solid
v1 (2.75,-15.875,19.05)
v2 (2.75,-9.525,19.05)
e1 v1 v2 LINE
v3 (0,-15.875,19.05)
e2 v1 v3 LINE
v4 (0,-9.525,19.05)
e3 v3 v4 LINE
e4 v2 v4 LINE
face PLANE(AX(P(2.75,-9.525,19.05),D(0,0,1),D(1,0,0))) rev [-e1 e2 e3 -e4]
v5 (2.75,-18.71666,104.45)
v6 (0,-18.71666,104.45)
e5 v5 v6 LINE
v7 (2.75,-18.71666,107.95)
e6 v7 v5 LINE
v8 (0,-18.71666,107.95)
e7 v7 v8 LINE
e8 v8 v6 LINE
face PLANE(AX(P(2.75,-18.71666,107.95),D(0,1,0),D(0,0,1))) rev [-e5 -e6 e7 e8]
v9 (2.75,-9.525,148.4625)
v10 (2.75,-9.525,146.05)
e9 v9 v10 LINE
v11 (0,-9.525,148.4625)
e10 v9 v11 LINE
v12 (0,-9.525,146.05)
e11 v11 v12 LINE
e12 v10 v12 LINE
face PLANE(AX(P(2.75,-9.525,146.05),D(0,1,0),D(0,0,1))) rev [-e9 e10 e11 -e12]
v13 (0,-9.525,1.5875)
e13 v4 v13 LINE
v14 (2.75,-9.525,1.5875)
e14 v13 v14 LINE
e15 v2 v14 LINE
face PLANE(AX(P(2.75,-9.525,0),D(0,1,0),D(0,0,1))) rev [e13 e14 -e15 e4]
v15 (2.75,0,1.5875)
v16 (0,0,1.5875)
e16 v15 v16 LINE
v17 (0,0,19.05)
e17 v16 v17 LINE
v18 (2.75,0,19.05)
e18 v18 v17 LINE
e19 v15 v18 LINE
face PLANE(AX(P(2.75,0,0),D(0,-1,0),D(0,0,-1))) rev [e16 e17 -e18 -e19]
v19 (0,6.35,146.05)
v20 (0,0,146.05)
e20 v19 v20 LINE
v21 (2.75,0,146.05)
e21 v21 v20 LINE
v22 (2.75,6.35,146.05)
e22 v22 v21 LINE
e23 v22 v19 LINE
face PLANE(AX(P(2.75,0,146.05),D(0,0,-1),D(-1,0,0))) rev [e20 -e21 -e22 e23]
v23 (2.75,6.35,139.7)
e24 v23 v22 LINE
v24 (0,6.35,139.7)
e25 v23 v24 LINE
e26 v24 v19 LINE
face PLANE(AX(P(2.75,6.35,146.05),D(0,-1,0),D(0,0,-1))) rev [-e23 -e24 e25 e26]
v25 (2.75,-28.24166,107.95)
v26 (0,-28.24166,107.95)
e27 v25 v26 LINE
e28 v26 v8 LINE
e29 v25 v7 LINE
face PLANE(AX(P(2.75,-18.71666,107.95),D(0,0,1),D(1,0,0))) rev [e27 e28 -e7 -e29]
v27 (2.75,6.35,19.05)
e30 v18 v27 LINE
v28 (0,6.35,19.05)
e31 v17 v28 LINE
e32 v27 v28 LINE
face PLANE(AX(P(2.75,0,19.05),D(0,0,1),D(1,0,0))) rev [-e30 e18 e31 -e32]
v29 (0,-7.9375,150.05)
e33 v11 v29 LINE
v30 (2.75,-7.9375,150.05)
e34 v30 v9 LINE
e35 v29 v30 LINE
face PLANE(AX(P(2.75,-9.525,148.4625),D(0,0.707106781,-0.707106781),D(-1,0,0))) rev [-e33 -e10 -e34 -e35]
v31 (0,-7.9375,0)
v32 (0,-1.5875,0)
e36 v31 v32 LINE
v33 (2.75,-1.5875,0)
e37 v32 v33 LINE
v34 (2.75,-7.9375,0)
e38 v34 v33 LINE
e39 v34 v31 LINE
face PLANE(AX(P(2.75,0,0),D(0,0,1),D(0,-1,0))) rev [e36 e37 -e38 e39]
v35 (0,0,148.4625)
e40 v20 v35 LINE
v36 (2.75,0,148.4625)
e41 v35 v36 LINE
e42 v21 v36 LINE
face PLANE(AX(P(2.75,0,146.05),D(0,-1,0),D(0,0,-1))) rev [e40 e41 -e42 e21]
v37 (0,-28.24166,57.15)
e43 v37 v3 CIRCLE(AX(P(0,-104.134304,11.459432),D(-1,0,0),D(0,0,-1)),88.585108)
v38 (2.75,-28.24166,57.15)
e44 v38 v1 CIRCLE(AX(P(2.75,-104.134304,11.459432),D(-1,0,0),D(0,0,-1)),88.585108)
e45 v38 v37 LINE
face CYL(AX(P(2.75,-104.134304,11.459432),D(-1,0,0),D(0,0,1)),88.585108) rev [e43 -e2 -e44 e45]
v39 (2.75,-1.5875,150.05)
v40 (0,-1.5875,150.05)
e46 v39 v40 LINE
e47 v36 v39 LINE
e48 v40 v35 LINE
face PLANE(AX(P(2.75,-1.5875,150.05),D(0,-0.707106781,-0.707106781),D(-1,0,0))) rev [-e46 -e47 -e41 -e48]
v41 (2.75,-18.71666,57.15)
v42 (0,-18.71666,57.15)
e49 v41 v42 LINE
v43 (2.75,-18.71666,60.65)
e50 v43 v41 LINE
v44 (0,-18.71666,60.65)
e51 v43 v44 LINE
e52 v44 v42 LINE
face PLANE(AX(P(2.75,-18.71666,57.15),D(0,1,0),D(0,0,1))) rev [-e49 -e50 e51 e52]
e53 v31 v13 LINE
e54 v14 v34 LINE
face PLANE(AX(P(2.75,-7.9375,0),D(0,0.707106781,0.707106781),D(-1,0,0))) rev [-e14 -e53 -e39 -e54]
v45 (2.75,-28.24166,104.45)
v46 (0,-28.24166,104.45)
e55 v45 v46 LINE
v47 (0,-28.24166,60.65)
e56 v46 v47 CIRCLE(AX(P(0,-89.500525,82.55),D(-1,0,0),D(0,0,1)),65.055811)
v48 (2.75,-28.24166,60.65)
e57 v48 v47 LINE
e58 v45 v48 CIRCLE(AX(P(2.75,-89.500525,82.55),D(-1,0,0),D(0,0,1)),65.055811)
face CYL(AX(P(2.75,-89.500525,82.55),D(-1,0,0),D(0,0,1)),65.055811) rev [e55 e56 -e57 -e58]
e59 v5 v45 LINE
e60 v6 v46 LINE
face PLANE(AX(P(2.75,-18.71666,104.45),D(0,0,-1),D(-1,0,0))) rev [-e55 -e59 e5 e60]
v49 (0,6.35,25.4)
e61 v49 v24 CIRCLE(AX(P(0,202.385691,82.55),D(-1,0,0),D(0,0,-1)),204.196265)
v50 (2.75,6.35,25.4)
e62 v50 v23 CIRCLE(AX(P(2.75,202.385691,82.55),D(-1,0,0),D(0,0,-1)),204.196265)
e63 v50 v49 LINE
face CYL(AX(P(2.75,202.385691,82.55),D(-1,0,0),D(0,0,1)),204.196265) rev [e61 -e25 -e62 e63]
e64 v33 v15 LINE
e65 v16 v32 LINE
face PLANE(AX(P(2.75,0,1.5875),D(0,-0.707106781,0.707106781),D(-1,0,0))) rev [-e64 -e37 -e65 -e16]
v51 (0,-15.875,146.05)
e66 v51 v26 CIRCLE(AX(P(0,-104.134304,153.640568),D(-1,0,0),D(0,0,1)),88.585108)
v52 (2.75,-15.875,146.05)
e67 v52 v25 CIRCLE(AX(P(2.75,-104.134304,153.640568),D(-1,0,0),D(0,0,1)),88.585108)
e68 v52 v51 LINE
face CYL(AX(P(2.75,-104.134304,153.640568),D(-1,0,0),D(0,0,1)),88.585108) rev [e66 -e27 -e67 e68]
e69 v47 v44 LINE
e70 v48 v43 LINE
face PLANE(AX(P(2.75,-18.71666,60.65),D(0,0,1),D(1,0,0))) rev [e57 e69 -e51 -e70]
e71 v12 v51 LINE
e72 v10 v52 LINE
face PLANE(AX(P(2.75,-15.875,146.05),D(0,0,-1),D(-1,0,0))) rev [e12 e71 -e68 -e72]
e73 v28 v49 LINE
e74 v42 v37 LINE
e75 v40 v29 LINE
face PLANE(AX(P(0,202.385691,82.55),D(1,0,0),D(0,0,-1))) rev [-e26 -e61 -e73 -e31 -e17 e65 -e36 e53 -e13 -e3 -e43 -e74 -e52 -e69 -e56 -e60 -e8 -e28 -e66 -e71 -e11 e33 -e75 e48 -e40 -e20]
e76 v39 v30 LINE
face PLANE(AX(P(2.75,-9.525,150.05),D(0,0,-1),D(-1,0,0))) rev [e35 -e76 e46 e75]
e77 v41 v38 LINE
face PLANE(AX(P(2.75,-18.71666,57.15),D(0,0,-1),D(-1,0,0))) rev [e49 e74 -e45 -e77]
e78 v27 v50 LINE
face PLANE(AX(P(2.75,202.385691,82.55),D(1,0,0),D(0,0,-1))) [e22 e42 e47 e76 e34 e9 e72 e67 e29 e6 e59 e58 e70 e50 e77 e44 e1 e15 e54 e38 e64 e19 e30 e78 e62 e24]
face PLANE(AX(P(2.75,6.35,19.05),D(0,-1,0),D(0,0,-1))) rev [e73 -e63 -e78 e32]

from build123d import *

# Parameters (mm, degrees)
BOSS_EXTRUDE1_DEPTH = 2.75
CHAMFER1_SIZE       = 1.5875


with BuildPart() as part:
    # Sketch1 → Boss-Extrude1 (new body)
    with BuildSketch(Plane.YZ):
        with BuildLine():
            Line((-9.525, 19.05), (-15.875, 19.05))
            ThreePointArc((-15.875, 19.05), (-19.876556287, 38.808169282), (-28.241659516, 57.15))
            Line((-28.241659516, 57.15), (-18.716659516, 57.15))
            Line((-18.716659516, 57.15), (-18.716659516, 60.65))
            Line((-18.716659516, 60.65), (-28.241659516, 60.65))
            ThreePointArc((-28.241659516, 60.65), (-24.444713557, 82.55), (-28.241659516, 104.45))
            Line((-28.241659516, 104.45), (-18.716659516, 104.45))
            Line((-18.716659516, 104.45), (-18.716659516, 107.95))
            Line((-18.716659516, 107.95), (-28.241659516, 107.95))
            ThreePointArc((-28.241659516, 107.95), (-19.876556287, 126.291830718), (-15.875, 146.05))
            Line((-15.875, 146.05), (-9.525, 146.05))
            Line((-9.525, 146.05), (-9.525, 150.05))
            Line((-9.525, 150.05), (0, 150.05))
            Line((0, 150.05), (0, 146.05))
            Line((0, 146.05), (6.35, 146.05))
            Line((6.35, 146.05), (6.35, 139.7))
            ThreePointArc((6.35, 139.7), (-1.810573999, 82.55), (6.35, 25.4))
            Line((6.35, 25.4), (6.35, 19.05))
            Line((6.35, 19.05), (0, 19.05))
            Line((0, 19.05), (0, 0))
            Line((0, 0), (-9.525, 0))
            Line((-9.525, 0), (-9.525, 19.05))
        make_face()
    extrude(amount=BOSS_EXTRUDE1_DEPTH)

    # Chamfer1
    chamfer1_edges = [part.edges().sort_by_distance(p)[0] for p in [
        (1.375, 0, 0),
        (1.375, -9.525, 0),
        (1.375, -9.525, 150.05),
        (1.375, 0, 150.05),
    ]]
    chamfer(chamfer1_edges, length=CHAMFER1_SIZE)


solid = part.part
